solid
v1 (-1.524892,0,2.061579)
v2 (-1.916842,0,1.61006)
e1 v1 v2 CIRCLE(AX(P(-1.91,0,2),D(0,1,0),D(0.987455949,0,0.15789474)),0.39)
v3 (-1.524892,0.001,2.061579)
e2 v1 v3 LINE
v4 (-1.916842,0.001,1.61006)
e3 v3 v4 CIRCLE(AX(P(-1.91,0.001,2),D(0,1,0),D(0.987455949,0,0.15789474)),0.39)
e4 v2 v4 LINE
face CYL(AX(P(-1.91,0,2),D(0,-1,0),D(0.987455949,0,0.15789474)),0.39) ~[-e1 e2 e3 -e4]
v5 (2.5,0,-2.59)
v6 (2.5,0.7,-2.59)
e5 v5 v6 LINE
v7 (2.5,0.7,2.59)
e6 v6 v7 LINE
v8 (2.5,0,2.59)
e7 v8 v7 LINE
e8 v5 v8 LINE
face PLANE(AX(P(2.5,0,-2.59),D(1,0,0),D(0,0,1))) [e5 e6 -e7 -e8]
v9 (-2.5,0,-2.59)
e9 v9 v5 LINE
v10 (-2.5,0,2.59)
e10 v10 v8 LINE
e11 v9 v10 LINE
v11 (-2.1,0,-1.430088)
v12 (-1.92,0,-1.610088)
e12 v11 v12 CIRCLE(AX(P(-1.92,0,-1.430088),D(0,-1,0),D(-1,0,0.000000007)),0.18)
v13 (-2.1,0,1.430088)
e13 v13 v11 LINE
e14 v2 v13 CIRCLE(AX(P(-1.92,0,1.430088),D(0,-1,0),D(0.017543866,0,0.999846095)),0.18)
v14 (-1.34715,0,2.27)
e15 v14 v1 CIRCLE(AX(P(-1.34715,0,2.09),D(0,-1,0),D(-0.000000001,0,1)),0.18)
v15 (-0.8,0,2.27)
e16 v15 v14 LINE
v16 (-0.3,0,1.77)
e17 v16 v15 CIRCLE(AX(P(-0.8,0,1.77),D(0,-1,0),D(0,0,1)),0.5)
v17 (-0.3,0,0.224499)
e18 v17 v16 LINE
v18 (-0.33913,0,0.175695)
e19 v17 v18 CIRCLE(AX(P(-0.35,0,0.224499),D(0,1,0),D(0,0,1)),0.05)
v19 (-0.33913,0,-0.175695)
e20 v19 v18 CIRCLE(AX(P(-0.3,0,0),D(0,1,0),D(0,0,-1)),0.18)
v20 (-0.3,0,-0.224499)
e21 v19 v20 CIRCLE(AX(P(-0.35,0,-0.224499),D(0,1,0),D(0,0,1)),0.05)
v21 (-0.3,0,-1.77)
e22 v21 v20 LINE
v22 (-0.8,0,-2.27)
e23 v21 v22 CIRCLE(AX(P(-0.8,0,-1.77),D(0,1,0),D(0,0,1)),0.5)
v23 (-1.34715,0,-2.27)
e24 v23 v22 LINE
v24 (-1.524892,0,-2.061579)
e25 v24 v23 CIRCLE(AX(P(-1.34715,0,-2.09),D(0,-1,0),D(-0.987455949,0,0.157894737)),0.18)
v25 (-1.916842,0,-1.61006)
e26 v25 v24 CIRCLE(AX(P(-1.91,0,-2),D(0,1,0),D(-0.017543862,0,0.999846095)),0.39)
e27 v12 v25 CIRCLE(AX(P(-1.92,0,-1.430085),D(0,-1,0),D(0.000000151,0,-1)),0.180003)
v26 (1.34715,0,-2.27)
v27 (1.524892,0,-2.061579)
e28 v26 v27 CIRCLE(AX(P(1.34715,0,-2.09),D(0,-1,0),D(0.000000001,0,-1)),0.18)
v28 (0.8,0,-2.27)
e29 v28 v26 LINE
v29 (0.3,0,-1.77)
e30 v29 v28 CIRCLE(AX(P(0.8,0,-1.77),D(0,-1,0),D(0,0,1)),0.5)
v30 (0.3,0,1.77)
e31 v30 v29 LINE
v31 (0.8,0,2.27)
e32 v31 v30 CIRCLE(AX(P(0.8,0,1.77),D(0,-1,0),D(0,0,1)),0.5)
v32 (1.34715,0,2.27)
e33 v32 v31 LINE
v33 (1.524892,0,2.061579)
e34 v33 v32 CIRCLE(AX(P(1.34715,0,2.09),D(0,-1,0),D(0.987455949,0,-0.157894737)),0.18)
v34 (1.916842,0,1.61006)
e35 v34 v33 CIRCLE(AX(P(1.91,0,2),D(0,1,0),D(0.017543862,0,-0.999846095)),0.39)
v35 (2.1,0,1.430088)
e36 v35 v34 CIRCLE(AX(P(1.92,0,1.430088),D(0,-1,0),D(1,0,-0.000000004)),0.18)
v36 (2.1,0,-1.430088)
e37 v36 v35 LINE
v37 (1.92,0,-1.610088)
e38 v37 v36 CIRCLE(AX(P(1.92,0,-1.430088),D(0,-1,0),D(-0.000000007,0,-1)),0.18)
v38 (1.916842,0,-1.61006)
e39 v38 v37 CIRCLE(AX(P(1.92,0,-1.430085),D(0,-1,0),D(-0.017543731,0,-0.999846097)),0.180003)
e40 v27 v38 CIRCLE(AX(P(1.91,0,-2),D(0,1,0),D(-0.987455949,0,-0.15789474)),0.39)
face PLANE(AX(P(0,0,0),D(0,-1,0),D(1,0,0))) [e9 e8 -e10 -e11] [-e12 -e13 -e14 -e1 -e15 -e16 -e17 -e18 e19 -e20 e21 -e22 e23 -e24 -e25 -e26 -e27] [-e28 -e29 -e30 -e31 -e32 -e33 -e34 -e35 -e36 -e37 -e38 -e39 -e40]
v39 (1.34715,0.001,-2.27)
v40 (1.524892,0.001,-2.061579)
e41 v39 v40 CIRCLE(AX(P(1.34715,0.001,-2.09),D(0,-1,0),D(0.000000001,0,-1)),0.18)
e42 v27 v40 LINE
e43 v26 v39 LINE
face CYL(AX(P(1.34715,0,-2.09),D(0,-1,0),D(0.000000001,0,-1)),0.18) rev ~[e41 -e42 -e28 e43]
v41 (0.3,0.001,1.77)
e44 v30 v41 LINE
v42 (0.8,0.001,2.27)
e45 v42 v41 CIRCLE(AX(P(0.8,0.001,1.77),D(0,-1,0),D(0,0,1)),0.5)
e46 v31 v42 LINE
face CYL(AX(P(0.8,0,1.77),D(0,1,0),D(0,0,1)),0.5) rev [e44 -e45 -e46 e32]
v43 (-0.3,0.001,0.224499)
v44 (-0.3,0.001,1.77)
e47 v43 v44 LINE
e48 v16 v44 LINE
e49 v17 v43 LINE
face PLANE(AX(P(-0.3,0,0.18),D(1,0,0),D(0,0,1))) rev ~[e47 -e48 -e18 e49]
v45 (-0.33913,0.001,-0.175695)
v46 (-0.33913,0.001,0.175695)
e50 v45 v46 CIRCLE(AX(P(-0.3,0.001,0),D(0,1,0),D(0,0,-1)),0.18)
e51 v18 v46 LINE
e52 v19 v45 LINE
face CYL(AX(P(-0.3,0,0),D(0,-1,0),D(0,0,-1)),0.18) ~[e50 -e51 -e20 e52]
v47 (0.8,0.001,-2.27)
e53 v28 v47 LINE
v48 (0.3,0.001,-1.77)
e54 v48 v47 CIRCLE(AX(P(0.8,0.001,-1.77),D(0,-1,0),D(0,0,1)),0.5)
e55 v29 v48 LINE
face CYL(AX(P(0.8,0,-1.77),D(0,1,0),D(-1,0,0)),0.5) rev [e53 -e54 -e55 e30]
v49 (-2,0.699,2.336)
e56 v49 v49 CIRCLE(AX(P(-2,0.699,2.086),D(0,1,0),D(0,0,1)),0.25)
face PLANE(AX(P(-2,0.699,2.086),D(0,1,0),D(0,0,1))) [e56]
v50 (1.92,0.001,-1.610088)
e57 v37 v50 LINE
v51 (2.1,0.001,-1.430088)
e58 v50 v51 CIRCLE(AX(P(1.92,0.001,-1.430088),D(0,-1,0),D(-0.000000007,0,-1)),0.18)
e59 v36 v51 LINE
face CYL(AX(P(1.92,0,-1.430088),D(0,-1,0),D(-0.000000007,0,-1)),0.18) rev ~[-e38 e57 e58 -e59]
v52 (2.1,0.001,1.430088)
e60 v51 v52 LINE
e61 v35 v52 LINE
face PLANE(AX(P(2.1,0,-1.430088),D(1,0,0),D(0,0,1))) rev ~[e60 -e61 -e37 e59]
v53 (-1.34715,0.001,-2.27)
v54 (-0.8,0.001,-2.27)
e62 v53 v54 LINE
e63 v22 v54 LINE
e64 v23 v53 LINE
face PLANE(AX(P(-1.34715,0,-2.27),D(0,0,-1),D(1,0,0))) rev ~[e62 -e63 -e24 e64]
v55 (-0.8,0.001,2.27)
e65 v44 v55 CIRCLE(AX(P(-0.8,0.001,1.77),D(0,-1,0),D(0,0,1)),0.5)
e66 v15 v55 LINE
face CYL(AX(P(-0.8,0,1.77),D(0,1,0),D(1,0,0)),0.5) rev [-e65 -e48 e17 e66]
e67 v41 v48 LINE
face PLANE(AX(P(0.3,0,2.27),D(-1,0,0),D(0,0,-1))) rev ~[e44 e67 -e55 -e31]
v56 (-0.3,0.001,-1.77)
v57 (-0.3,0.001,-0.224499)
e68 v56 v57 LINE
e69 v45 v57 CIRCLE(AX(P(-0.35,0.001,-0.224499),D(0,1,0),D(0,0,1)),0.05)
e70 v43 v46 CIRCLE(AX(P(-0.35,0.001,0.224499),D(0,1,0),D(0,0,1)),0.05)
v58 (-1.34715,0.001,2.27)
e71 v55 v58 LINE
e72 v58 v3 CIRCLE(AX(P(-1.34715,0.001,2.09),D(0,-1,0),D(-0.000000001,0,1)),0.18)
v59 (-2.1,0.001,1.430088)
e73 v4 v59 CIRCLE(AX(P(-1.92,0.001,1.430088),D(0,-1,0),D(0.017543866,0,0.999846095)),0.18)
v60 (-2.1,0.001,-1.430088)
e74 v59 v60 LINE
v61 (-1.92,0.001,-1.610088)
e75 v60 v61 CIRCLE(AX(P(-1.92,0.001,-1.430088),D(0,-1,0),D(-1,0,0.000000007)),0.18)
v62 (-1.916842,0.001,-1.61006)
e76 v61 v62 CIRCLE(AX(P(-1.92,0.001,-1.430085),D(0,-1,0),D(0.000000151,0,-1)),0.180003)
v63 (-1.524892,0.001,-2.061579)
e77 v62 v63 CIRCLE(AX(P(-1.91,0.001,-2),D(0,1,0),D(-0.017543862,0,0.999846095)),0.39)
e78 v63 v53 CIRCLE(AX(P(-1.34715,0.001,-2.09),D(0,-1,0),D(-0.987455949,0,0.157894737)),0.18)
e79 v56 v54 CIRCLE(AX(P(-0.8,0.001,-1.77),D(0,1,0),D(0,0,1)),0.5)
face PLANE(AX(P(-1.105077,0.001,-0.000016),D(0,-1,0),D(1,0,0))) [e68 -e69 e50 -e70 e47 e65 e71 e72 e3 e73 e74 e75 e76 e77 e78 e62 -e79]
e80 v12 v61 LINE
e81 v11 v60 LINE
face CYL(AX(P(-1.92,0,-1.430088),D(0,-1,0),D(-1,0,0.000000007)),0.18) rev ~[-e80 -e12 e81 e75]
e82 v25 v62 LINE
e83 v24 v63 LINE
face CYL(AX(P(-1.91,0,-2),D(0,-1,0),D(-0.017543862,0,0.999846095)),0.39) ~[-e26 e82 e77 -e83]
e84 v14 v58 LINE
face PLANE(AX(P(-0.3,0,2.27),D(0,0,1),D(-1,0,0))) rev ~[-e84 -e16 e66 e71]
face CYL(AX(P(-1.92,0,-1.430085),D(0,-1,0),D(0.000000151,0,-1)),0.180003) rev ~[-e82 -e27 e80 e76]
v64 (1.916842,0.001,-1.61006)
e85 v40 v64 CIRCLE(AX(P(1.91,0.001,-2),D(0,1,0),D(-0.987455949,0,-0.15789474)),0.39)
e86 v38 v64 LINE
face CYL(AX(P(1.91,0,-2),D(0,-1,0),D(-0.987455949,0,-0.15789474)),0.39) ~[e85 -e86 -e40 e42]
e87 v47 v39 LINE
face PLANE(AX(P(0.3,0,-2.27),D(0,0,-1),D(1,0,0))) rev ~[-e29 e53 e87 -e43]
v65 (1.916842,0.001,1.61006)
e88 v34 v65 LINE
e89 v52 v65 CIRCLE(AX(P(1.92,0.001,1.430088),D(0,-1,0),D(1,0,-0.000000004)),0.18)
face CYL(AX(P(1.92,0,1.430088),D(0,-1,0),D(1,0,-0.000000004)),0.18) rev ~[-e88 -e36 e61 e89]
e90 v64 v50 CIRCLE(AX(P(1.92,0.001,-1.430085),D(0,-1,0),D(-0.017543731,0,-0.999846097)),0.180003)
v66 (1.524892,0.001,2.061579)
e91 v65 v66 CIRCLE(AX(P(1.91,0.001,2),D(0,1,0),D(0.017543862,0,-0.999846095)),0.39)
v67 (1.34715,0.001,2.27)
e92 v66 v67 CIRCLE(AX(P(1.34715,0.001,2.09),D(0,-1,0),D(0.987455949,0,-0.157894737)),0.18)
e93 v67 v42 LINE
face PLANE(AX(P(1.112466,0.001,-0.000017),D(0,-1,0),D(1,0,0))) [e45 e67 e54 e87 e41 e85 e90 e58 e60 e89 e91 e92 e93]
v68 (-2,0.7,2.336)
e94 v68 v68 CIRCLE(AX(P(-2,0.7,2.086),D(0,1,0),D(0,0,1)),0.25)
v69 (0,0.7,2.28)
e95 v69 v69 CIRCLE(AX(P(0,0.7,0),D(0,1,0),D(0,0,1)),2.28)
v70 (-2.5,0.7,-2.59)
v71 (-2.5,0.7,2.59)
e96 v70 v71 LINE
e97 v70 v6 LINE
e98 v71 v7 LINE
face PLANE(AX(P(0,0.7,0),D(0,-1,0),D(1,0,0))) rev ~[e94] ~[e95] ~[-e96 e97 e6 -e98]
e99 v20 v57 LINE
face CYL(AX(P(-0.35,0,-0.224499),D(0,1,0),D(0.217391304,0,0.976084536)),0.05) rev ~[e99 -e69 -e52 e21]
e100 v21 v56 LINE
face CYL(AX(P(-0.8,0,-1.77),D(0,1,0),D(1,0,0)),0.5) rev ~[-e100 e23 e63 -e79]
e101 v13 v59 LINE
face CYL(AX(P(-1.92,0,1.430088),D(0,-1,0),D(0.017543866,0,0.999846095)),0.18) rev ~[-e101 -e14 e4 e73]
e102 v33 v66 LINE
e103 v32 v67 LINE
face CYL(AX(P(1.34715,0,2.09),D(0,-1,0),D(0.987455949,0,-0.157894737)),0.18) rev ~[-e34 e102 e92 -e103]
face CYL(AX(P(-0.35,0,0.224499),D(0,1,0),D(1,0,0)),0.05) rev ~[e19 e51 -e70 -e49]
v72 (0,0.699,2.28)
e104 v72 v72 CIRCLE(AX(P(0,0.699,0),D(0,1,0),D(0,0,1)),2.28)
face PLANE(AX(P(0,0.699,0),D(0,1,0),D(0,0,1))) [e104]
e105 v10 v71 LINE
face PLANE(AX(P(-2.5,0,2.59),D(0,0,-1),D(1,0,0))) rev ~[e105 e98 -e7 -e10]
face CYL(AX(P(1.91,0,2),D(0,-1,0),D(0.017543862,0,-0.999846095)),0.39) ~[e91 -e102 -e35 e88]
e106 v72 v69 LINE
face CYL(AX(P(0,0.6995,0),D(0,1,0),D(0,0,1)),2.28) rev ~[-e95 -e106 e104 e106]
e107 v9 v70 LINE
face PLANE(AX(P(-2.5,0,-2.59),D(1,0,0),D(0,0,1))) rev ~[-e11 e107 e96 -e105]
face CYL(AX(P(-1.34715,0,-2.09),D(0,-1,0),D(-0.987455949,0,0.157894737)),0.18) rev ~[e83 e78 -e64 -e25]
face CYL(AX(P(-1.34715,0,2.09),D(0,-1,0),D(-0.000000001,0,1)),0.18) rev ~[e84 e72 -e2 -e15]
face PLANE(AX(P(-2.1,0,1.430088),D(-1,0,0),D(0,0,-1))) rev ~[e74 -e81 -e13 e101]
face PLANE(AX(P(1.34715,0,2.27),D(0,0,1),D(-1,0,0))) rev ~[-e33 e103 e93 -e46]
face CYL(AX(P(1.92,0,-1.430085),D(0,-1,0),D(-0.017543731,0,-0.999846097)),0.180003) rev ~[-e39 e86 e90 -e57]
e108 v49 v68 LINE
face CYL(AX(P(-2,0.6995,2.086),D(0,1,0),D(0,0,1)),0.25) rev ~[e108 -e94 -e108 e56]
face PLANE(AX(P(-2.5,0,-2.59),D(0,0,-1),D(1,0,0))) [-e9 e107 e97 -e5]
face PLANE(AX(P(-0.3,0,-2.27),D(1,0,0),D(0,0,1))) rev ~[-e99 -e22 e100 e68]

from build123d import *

# Parameters (mm, degrees)
SKETCH1_W      = 5
SKETCH1_H      = 5.18
EXTRUDE1_DEPTH = 0.7
EXTRUDE2_DEPTH = 0.001
EXTRUDE3_DEPTH = 0.001
SKETCH4_W      = 2.28
SKETCH4_H      = 0.001
SKETCH5_W      = 0.25
SKETCH5_H      = 0.001
FILLET1_R      = 0.05
FILLET2_R      = 0.5


with BuildPart() as part:
    # Sketch1 → Extrude1 (new body)
    with BuildSketch(Plane.XZ):
        Rectangle(SKETCH1_W, SKETCH1_H)
    extrude(amount=-EXTRUDE1_DEPTH)

    # Sketch2 → Extrude2 (cut)
    with BuildSketch(Plane.XZ):
        with BuildLine():
            Line((-0.3, 0.18), (-0.3, 2.27))
            Line((-0.3, 2.27), (-1.347150109, 2.27))
            ThreePointArc((-1.347150109, 2.27), (-1.484109573, 2.206799423), (-1.52489218, 2.061578947))
            ThreePointArc((-1.52489218, 2.061578947), (-1.61548587, 1.744341189), (-1.916842105, 1.610060023))
            ThreePointArc((-1.916842105, 1.610060023), (-2.046157796, 1.558478577), (-2.1, 1.430087726))
            Line((-2.1, 1.430087726), (-2.1, -1.430087726))
            ThreePointArc((-2.1, -1.430087726), (-2.047279221, -1.557366947), (-1.92, -1.610087726))
            ThreePointArc((-1.92, -1.610087726), (-1.918420992, -1.6100808), (-1.916842105, -1.610060023))
            ThreePointArc((-1.916842105, -1.610060023), (-1.61548587, -1.744341189), (-1.52489218, -2.061578947))
            ThreePointArc((-1.52489218, -2.061578947), (-1.484109573, -2.206799423), (-1.347150109, -2.27))
            Line((-1.347150109, -2.27), (-0.3, -2.27))
            Line((-0.3, -2.27), (-0.3, -0.18))
            ThreePointArc((-0.3, -0.18), (-0.48, 0), (-0.3, 0.18))
        make_face()
    extrude(amount=-EXTRUDE2_DEPTH, mode=Mode.SUBTRACT)

    # Sketch3 → Extrude3 (cut)
    with BuildSketch(Plane.XZ):
        with BuildLine():
            Line((1.347150109, 2.27), (0.3, 2.27))
            Line((0.3, 2.27), (0.3, -2.27))
            Line((0.3, -2.27), (1.347150109, -2.27))
            ThreePointArc((1.347150109, -2.27), (1.484109573, -2.206799423), (1.52489218, -2.061578947))
            ThreePointArc((1.52489218, -2.061578947), (1.61548587, -1.744341189), (1.916842105, -1.610060023))
            ThreePointArc((1.916842105, -1.610060023), (1.918420992, -1.6100808), (1.92, -1.610087726))
            ThreePointArc((1.92, -1.610087726), (2.047279221, -1.557366947), (2.1, -1.430087726))
            Line((2.1, -1.430087726), (2.1, 1.430087726))
            ThreePointArc((2.1, 1.430087726), (2.046157796, 1.558478577), (1.916842105, 1.610060023))
            ThreePointArc((1.916842105, 1.610060023), (1.61548587, 1.744341189), (1.52489218, 2.061578947))
            ThreePointArc((1.52489218, 2.061578947), (1.484109573, 2.206799423), (1.347150109, 2.27))
        make_face()
    extrude(amount=-EXTRUDE3_DEPTH, mode=Mode.SUBTRACT)

    # Sketch4 → Cut-Revolve1 (revolve, cut)
    with BuildSketch(Plane(origin=(0, 0, 0), x_dir=(-1, 0, 0), z_dir=(0, 0, -1)), mode=Mode.PRIVATE) as cut_revolve1_sk:
        with Locations((-1.14, 0.6995)):
            Rectangle(SKETCH4_W, SKETCH4_H)
    revolve(cut_revolve1_sk.sketch.rotate(Axis((0, 0.699, 0), (0, 1, 0)), 270), axis=Axis((0, 0.699, 0), (0, 1, 0)), mode=Mode.SUBTRACT)

    # Sketch5 → Cut-Revolve2 (revolve, cut)
    with BuildSketch(Plane(origin=(0, 0, 2.086), x_dir=(-1, 0, 0), z_dir=(0, 0, -1)), mode=Mode.PRIVATE) as cut_revolve2_sk:
        with Locations((1.875, 0.6995)):
            Rectangle(SKETCH5_W, SKETCH5_H)
    revolve(cut_revolve2_sk.sketch.rotate(Axis((-2, 0.699, 2.086), (0, 1, 0)), 270), axis=Axis((-2, 0.699, 2.086), (0, 1, 0)), mode=Mode.SUBTRACT)

    # Fillet1
    fillet1_edges = [part.edges().sort_by_distance(p)[0] for p in [
        (-0.3, 0.0005, 0.18),
        (-0.3, 0.0005, -0.18),
    ]]
    fillet(fillet1_edges, radius=FILLET1_R)

    # Fillet2
    fillet2_edges = [part.edges().sort_by_distance(p)[0] for p in [
        (-0.3, 0.0005, -2.27),
        (-0.3, 0.0005, 2.27),
        (0.3, 0.0005, -2.27),
        (0.3, 0.0005, 2.27),
    ]]
    fillet(fillet2_edges, radius=FILLET2_R)


solid = part.part
